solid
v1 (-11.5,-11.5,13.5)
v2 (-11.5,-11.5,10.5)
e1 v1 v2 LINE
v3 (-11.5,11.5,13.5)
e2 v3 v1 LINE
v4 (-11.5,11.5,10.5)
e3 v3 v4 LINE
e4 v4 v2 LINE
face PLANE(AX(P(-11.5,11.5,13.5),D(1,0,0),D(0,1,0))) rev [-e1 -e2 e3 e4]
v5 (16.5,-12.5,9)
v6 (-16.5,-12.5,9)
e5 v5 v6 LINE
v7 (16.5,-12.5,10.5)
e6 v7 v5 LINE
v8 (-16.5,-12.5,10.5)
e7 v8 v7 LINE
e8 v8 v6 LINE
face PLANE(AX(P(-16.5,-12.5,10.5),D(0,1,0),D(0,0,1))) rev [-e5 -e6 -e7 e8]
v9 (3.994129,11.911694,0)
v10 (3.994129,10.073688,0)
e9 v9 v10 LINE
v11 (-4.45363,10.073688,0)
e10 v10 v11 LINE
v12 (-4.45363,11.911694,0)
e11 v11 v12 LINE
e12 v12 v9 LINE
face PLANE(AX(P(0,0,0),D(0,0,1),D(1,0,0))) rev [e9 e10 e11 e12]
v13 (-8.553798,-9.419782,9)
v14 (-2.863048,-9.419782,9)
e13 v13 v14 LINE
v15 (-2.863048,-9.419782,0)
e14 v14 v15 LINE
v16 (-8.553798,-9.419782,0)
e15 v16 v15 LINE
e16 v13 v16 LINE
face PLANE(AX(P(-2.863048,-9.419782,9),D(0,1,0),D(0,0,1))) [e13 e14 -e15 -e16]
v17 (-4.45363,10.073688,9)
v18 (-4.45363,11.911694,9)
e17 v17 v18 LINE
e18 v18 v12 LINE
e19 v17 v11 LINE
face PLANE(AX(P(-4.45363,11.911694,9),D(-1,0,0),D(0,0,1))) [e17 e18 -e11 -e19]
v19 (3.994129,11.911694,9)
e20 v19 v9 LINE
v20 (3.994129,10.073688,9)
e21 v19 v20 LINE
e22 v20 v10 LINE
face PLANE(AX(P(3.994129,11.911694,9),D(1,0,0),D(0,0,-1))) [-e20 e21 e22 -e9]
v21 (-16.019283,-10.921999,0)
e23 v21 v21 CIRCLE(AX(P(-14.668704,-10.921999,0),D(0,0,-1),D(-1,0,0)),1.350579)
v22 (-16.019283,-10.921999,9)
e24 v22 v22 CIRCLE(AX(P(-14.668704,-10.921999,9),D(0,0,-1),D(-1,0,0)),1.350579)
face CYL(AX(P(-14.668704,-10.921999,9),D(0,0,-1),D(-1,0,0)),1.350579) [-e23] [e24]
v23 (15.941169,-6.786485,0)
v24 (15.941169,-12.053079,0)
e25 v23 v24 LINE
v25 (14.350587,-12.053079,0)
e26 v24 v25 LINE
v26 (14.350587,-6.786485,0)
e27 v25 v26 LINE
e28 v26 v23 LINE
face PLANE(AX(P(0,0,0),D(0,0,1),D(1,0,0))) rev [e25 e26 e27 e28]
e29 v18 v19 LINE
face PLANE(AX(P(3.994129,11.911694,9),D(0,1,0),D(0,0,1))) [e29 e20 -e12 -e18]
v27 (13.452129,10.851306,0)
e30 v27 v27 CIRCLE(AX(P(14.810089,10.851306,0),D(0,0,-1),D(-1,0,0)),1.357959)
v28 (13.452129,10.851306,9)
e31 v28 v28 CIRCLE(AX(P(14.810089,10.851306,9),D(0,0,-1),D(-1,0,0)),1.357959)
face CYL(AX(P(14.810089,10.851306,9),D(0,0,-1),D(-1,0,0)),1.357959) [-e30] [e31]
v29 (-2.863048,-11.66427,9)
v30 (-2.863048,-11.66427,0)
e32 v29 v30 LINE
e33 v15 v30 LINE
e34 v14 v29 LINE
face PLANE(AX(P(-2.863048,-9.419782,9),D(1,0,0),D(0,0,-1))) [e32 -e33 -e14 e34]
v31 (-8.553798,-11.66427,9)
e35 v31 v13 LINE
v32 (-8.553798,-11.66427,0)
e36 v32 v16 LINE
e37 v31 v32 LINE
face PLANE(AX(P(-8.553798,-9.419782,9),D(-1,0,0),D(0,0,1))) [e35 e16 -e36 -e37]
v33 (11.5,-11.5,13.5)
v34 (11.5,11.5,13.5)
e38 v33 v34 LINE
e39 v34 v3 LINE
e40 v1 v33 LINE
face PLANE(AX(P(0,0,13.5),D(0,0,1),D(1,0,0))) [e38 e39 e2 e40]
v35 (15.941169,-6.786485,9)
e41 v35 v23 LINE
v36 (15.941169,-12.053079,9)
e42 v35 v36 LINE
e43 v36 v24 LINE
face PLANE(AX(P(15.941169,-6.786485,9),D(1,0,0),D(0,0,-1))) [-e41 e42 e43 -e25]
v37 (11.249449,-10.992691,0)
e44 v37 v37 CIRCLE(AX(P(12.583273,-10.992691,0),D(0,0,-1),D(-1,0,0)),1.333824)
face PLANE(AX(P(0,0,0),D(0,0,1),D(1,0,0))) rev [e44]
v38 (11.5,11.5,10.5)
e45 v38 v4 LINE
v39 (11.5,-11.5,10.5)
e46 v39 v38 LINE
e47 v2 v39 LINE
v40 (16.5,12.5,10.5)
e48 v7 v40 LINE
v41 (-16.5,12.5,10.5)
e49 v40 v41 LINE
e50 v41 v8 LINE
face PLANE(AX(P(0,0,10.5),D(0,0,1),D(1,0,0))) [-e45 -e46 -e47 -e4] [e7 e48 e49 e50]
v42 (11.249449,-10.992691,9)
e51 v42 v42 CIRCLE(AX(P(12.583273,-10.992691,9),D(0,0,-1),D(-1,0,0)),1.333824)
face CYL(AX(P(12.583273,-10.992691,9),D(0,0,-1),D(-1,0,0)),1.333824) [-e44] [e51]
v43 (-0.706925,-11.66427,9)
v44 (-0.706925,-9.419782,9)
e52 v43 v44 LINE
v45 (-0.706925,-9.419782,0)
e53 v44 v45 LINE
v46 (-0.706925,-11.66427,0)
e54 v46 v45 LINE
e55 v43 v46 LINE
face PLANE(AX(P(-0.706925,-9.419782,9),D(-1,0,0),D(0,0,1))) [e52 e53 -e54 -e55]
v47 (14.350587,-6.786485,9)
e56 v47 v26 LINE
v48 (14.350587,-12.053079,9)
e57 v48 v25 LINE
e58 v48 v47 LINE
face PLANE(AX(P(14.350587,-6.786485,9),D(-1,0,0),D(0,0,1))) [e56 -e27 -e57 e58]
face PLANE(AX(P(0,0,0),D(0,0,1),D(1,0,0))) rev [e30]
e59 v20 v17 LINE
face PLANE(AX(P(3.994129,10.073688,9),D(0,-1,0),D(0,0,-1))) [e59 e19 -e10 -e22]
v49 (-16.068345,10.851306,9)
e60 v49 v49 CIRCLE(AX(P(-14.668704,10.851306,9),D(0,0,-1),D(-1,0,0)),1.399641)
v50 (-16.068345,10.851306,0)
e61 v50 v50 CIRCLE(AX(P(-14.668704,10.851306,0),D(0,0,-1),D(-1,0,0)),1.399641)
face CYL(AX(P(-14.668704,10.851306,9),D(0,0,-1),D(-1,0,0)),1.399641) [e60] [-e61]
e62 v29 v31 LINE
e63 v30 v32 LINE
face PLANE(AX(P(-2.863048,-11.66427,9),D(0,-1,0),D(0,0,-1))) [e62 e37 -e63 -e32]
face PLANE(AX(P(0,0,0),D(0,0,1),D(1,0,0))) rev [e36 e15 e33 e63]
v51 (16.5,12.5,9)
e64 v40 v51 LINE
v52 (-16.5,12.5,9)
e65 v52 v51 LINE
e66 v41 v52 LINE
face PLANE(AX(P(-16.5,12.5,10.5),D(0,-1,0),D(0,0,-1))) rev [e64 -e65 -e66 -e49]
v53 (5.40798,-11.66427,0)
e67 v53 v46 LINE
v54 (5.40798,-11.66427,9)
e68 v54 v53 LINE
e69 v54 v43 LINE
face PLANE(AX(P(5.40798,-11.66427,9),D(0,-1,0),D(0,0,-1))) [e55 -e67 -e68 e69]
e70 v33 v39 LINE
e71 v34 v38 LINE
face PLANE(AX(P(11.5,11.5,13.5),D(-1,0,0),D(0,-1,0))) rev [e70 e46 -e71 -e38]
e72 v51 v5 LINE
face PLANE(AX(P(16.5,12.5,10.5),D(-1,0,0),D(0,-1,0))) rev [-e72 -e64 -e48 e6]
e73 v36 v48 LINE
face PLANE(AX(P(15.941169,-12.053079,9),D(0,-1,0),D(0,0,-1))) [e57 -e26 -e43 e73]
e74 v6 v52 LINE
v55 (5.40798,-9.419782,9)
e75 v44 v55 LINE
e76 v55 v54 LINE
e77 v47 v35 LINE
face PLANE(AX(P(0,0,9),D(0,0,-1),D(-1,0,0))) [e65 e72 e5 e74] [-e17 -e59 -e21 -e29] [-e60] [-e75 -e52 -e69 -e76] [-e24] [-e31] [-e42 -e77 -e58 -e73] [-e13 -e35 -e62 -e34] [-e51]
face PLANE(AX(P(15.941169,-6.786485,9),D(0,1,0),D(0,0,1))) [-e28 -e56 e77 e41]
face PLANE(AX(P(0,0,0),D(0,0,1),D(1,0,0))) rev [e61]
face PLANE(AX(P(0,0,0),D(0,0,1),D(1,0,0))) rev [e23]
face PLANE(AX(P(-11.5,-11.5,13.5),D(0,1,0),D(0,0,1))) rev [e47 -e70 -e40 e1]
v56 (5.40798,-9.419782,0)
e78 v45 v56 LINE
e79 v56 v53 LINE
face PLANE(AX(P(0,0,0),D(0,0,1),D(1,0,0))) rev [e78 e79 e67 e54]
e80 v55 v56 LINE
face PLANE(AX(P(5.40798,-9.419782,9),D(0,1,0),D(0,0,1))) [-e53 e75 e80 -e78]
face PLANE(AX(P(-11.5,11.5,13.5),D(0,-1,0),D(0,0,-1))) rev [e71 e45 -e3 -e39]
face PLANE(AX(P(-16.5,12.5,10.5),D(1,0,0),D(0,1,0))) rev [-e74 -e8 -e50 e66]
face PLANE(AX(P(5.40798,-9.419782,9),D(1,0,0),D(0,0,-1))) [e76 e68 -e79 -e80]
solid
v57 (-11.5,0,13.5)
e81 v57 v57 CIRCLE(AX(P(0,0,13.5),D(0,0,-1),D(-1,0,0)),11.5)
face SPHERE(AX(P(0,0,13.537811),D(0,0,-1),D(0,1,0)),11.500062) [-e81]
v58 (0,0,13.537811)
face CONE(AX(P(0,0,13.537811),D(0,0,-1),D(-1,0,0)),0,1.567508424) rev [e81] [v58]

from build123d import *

# Parameters (mm, degrees)
SKETCH_1_W          = 33
SKETCH_1_H          = 25
EXTRUDE_1_DEPTH     = 10.5
SKETCH_2_W          = 23
SKETCH_2_H          = 23
EXTRUDE_2_DEPTH     = 3
SKETCH_4_W          = 33
SKETCH_4_H          = 25
SKETCH_4_R          = 1.35795949
SKETCH_4_R_2        = 1.399641029
SKETCH_4_R_3        = 1.333824315
SKETCH_4_R_4        = 1.35057922
SKETCH_4_W_2        = 8.447759406
SKETCH_4_H_2        = 1.838006231
SKETCH_4_W_3        = 1.590582314
SKETCH_4_H_3        = 5.266594776
SKETCH_4_W_4        = 6.114905344
SKETCH_4_H_4        = 2.244488378
SKETCH_4_W_5        = 5.69075006
CUT_EXTRUDE_1_DEPTH = 9


with BuildPart() as part:
    # Эскиз1 → Бобышка-Вытянуть1 (new body)
    with BuildSketch(Plane.XY):
        Rectangle(SKETCH_1_W, SKETCH_1_H)
    extrude(amount=EXTRUDE_1_DEPTH)

    # Эскиз2 → Бобышка-Вытянуть2 (add)
    with BuildSketch(Plane.XY.offset(10.5)):
        Rectangle(SKETCH_2_W, SKETCH_2_H)
    extrude(amount=EXTRUDE_2_DEPTH)

    # Эскиз4 → Вырез-Вытянуть1 (cut)
    with BuildSketch(Plane(origin=(0, 0, 0), x_dir=(-1, 0, 0), z_dir=(0, 0, -1))):
        Rectangle(SKETCH_4_W, SKETCH_4_H)
        with Locations((-14.810088665, 10.851306015)):
            Circle(SKETCH_4_R, mode=Mode.SUBTRACT)
        with Locations((14.668703571, 10.851306015)):
            Circle(SKETCH_4_R_2, mode=Mode.SUBTRACT)
        with Locations((-12.583273424, -10.99269111)):
            Circle(SKETCH_4_R_3, mode=Mode.SUBTRACT)
        with Locations((14.668703571, -10.921998562)):
            Circle(SKETCH_4_R_4, mode=Mode.SUBTRACT)
        with Locations((0.229750779, 10.99269111)):
            Rectangle(SKETCH_4_W_2, SKETCH_4_H_2, mode=Mode.SUBTRACT)
        with Locations((-15.145878265, -9.419781931)):
            Rectangle(SKETCH_4_W_3, SKETCH_4_H_3, mode=Mode.SUBTRACT)
        with Locations((-2.350527199, -10.54202612)):
            Rectangle(SKETCH_4_W_4, SKETCH_4_H_4, mode=Mode.SUBTRACT)
        with Locations((5.708423197, -10.54202612)):
            Rectangle(SKETCH_4_W_5, SKETCH_4_H_4, mode=Mode.SUBTRACT)
    extrude(amount=-CUT_EXTRUDE_1_DEPTH, mode=Mode.SUBTRACT)


with BuildPart() as body_2:
    # Эскиз3 → Повернуть1 (revolve)
    with BuildSketch(Plane(origin=(0, 0, 0), x_dir=(0, 0, -1), z_dir=(1, 0, 0)), mode=Mode.PRIVATE) as revolve_1_sk:
        with BuildLine():
            Line((-25.037873178, 0), (-13.537811019, 0))
            Line((-13.537811019, 0), (-13.5, 11.5))
            ThreePointArc((-13.5, 11.5), (-21.656203736, 8.145129181), (-25.037873178, 0))
        make_face()
    revolve(revolve_1_sk.sketch.rotate(Axis((0, 0, -2.745901425), (0, 0, 1)), 90), axis=Axis((0, 0, -2.745901425), (0, 0, 1)))


solid = Compound([part.part, body_2.part])
